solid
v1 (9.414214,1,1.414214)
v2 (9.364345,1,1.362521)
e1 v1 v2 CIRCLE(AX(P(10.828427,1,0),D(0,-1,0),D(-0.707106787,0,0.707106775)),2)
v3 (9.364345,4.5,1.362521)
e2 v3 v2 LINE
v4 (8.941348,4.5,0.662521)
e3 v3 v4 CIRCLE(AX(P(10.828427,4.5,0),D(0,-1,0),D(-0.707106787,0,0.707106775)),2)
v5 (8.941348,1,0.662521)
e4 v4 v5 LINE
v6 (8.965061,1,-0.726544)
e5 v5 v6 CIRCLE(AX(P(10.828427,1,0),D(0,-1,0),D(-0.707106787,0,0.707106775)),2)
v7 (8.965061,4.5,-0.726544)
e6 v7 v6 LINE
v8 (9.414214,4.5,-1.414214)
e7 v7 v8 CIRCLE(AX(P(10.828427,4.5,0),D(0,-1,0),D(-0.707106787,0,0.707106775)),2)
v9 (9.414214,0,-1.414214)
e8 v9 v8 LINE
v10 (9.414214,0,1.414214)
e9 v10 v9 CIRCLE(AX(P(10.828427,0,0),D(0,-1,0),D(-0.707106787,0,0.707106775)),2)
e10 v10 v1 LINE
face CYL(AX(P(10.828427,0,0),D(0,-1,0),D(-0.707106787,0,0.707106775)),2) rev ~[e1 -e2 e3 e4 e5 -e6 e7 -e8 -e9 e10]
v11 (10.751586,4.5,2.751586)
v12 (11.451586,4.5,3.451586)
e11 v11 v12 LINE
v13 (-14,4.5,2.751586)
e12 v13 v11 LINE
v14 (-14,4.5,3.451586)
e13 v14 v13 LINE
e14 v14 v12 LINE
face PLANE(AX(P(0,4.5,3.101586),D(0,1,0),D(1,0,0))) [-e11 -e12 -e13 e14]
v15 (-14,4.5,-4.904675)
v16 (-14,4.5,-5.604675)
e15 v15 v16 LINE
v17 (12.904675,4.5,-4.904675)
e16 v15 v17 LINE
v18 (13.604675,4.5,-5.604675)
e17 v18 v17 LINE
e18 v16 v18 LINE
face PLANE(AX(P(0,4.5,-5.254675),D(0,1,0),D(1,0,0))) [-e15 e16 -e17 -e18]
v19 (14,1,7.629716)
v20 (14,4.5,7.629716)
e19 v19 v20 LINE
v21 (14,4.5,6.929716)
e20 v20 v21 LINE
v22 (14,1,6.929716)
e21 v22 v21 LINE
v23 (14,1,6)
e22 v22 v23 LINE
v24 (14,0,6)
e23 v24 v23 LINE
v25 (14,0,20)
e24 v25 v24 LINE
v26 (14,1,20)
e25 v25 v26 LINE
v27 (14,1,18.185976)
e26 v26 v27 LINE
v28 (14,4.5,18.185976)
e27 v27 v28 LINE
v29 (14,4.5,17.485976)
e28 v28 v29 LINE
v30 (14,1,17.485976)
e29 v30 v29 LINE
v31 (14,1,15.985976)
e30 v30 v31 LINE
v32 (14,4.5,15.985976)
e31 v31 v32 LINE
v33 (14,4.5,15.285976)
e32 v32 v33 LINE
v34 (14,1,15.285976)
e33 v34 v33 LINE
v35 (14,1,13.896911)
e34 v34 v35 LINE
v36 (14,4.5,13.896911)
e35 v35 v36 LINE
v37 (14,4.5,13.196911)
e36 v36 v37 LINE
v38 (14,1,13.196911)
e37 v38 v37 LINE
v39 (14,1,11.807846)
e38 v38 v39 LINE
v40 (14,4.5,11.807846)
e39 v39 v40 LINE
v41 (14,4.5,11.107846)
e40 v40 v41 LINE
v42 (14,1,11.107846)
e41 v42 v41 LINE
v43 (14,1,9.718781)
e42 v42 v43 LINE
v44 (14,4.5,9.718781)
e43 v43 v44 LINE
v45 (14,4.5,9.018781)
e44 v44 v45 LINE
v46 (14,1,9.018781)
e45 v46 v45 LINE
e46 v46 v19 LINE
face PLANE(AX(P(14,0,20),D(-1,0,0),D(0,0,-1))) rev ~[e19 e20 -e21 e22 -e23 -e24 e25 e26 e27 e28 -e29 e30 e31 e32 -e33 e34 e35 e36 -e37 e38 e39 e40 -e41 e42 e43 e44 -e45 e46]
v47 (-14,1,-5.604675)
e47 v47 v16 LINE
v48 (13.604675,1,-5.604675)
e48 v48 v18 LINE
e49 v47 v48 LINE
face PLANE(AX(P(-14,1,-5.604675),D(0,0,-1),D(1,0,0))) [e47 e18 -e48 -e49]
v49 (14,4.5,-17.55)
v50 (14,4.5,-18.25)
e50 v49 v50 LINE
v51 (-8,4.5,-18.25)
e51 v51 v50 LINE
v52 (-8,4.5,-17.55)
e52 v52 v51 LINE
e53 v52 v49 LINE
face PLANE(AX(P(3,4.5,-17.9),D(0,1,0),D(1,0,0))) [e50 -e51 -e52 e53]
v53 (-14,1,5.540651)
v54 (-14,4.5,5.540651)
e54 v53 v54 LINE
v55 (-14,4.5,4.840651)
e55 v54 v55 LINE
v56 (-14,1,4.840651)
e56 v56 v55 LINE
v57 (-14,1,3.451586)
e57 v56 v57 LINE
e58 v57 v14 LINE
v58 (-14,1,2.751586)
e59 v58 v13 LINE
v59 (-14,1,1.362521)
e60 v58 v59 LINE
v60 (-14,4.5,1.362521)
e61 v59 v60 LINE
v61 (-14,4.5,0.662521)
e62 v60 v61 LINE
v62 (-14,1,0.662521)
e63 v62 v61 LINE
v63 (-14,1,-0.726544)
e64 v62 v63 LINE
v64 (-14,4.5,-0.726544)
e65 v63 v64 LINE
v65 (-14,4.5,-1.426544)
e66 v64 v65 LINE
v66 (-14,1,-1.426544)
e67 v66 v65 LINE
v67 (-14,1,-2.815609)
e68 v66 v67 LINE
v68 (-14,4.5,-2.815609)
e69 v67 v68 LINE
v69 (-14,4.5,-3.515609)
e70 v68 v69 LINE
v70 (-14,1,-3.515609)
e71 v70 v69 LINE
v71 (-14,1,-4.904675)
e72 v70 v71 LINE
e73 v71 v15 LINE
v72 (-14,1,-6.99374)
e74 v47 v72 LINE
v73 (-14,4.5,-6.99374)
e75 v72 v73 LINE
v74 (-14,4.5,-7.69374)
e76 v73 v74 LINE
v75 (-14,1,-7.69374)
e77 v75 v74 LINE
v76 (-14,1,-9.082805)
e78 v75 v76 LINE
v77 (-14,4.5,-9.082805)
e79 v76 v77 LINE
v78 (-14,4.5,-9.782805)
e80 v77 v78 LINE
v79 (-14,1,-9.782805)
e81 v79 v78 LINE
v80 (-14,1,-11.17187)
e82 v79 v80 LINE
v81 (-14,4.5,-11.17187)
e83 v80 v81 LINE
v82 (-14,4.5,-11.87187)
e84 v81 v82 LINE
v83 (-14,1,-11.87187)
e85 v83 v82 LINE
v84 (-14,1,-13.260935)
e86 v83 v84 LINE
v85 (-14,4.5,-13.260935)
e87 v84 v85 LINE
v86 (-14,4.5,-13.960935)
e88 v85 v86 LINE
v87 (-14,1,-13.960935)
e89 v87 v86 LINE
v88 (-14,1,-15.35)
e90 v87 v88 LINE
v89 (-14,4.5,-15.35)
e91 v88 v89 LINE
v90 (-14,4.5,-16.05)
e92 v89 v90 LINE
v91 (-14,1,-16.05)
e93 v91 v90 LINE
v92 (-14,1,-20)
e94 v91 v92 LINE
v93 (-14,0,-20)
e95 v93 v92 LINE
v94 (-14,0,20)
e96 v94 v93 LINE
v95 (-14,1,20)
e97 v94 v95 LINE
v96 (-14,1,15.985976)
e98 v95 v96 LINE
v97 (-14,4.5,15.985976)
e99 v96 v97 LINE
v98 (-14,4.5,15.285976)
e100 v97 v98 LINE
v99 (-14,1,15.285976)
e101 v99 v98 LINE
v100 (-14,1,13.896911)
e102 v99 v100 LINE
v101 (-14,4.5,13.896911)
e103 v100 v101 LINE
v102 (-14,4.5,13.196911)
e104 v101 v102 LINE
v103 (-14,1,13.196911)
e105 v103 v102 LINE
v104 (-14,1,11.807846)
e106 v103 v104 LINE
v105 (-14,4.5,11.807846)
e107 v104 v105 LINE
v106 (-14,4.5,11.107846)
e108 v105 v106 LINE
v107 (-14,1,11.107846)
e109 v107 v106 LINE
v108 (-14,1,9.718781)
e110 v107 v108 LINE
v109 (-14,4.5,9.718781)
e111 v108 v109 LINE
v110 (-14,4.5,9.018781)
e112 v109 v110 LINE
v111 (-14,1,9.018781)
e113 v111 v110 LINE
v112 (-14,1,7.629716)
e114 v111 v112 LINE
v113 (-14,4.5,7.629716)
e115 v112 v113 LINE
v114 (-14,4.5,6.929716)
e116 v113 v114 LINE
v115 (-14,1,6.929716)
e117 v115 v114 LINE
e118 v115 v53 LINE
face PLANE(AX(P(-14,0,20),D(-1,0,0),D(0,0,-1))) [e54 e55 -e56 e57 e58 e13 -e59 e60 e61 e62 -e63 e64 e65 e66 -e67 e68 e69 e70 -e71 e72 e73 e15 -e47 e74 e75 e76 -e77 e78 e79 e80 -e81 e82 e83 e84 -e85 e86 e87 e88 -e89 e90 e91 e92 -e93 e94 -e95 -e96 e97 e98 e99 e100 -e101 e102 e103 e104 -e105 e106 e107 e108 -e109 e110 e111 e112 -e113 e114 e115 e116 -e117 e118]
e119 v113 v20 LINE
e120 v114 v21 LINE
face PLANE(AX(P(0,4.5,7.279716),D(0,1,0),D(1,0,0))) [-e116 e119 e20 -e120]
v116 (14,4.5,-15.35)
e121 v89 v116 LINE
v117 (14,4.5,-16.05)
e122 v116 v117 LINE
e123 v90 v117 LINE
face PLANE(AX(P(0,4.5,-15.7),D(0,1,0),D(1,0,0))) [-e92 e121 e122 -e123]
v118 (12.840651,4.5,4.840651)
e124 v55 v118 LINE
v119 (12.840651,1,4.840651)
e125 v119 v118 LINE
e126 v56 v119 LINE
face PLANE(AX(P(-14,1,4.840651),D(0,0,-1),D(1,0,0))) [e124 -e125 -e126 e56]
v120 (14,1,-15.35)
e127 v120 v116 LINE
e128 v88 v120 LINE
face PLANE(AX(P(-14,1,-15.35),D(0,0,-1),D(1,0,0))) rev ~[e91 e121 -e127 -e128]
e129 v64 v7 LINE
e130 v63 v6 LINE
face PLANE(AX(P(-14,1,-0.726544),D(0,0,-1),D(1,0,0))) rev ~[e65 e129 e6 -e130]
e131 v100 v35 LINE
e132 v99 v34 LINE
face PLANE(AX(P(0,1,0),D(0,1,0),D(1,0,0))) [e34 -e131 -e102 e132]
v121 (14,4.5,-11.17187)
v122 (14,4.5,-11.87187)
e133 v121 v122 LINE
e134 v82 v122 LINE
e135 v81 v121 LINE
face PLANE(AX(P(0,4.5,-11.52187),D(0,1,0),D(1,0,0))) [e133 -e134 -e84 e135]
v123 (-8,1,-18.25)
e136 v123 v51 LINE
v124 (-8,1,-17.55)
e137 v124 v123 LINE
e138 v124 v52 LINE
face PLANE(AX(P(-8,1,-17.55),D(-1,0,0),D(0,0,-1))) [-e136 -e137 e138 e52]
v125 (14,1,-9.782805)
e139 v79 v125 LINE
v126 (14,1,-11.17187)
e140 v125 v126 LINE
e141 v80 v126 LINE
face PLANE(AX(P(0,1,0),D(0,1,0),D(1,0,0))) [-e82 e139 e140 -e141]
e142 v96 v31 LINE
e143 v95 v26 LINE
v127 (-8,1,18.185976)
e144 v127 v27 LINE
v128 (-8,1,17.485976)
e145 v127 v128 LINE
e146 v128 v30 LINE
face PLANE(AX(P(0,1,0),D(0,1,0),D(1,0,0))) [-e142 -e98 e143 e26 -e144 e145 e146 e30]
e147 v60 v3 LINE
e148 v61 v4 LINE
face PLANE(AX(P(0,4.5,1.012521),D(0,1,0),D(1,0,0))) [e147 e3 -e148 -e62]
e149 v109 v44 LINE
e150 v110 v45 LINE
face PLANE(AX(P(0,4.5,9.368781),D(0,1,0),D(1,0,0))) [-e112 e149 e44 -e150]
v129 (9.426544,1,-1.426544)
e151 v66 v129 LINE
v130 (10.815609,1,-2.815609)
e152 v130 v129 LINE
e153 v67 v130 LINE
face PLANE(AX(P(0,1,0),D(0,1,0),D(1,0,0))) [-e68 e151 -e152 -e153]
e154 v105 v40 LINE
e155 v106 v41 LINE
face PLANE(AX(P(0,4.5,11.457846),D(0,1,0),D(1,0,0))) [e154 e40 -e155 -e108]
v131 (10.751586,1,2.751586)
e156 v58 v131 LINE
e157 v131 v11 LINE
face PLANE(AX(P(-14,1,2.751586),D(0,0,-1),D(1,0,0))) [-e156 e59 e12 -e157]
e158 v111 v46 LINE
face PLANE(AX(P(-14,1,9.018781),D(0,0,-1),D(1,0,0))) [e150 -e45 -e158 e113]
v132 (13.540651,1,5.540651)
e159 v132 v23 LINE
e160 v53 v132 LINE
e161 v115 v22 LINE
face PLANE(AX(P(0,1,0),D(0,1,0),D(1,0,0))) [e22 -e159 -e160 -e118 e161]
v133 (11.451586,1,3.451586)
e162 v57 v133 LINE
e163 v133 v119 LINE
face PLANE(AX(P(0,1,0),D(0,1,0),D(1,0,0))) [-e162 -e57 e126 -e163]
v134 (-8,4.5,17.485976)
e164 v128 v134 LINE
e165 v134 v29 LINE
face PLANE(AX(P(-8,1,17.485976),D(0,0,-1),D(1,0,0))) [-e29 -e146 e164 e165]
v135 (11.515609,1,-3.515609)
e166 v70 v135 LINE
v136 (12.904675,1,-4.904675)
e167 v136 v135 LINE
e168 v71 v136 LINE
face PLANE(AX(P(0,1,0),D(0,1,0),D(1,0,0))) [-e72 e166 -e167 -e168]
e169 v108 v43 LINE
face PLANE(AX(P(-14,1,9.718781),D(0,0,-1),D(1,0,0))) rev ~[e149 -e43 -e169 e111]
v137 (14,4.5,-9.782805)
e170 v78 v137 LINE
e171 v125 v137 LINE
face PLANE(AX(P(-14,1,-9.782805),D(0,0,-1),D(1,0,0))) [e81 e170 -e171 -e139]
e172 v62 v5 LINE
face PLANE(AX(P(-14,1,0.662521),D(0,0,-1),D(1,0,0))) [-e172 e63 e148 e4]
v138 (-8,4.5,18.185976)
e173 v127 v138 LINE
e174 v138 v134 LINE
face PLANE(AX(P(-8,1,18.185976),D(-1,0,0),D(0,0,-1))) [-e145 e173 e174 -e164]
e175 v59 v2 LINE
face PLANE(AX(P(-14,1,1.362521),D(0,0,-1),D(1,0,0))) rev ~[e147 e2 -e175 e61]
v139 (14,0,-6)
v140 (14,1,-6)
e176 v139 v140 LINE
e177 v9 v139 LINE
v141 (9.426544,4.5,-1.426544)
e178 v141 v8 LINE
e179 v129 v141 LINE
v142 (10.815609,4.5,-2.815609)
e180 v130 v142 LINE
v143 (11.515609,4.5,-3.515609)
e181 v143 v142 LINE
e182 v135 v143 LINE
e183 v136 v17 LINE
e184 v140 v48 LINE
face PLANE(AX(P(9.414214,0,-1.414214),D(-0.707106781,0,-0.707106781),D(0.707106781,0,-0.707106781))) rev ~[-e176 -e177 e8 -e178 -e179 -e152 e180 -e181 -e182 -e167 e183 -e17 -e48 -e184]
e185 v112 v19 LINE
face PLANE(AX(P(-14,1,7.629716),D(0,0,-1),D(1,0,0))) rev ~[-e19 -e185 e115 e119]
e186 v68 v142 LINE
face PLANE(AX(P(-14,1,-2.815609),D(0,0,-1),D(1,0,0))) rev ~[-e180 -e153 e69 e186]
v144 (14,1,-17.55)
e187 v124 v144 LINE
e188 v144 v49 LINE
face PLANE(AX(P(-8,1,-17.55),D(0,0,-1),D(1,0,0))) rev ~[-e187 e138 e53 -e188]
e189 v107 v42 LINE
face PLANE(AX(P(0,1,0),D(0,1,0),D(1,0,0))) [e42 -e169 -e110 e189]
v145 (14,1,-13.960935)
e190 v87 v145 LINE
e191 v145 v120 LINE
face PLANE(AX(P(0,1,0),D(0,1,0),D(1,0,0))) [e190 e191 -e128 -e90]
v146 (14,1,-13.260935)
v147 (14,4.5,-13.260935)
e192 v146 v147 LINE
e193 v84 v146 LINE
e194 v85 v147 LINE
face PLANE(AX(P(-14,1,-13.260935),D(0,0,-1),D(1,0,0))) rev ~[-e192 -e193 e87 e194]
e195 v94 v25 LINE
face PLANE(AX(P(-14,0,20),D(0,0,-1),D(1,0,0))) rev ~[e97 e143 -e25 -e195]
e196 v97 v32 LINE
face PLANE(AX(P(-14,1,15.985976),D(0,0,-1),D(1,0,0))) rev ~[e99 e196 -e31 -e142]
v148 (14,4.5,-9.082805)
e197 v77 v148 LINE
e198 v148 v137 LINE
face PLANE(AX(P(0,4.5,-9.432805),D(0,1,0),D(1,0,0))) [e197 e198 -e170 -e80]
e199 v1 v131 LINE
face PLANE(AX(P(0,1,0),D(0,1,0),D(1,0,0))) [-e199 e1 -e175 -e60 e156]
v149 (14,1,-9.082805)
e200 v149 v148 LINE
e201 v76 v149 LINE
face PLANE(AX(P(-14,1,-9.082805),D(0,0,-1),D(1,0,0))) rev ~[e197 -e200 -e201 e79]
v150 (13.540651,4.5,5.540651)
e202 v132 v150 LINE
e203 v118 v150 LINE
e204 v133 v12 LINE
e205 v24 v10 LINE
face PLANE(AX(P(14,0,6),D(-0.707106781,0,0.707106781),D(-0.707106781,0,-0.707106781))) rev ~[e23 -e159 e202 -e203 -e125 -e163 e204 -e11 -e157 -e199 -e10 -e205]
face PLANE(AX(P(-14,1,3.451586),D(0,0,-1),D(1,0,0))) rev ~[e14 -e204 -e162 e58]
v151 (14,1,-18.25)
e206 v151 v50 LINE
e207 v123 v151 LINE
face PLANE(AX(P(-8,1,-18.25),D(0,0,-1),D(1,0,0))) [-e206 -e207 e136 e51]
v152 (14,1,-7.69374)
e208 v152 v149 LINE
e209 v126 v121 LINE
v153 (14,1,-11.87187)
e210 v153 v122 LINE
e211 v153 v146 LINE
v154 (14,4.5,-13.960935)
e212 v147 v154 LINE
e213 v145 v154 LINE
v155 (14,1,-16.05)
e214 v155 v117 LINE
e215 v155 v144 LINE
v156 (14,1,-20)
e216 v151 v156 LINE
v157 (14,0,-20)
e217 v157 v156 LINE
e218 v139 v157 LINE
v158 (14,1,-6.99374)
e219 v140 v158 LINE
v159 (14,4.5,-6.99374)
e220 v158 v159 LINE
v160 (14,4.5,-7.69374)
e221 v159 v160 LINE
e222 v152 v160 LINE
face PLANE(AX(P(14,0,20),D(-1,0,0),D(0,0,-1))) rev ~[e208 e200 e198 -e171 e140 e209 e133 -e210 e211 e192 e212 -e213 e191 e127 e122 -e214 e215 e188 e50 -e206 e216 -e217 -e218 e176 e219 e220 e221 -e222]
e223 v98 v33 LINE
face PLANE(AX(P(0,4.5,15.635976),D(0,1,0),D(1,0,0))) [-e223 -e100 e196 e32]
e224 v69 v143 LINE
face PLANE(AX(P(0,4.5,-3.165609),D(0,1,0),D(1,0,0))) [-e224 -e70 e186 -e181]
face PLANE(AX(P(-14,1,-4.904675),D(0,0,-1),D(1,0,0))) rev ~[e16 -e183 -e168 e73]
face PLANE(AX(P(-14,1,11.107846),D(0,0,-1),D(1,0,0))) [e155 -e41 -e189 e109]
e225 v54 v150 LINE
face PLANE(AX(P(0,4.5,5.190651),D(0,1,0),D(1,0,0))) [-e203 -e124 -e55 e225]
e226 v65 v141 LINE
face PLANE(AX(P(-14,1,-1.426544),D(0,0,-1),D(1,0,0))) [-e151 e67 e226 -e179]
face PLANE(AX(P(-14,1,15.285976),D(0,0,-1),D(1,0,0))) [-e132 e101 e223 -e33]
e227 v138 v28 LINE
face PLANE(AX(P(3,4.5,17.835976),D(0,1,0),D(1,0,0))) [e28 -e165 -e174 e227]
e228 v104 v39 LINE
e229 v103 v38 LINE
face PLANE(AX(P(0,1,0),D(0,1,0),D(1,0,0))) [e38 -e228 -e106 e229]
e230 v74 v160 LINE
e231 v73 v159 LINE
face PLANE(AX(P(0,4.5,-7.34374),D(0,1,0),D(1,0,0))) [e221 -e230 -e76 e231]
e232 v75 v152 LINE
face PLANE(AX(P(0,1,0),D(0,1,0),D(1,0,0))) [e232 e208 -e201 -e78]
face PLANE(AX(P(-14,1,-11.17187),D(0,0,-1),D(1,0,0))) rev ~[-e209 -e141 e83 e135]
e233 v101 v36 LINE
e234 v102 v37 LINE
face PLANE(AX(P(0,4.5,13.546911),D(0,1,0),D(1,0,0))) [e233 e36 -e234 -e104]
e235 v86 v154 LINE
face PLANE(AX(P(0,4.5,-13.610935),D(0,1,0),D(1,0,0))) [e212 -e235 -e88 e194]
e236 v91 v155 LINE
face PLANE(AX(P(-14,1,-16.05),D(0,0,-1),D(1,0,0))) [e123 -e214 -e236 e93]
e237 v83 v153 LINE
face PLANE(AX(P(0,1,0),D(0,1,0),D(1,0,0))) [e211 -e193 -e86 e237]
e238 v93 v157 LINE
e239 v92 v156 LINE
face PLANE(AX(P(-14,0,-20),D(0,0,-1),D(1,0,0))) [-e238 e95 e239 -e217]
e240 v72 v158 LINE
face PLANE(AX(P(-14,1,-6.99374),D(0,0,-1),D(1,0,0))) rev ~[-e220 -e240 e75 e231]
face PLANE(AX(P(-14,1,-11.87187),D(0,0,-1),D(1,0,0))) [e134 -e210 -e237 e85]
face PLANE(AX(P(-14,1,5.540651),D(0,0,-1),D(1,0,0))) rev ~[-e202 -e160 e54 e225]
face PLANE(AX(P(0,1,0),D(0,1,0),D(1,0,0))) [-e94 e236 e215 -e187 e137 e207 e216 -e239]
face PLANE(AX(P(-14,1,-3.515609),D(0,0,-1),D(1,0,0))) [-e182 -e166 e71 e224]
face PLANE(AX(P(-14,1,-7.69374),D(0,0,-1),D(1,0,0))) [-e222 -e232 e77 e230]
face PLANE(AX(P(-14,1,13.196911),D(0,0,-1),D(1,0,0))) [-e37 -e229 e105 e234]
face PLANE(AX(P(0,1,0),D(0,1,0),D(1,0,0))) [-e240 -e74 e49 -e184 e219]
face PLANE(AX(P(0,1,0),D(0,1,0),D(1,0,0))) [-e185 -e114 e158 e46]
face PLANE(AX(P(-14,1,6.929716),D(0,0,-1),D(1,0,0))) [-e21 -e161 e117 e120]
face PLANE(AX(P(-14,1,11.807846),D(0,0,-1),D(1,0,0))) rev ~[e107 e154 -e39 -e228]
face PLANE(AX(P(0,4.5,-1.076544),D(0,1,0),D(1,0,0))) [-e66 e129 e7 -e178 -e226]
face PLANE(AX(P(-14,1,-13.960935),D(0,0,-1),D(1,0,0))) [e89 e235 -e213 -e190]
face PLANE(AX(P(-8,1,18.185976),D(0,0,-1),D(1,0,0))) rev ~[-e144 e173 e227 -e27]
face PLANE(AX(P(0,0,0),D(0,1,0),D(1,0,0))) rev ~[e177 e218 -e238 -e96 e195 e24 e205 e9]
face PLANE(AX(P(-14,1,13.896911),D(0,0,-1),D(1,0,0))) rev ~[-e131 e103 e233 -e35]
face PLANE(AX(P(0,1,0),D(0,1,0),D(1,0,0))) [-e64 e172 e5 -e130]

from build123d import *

# Parameters (mm, degrees)
SKETCH_1_W          = 28
SKETCH_1_H          = 40
EXTRUDE_1_DEPTH     = 1
SKETCH_2_W          = 28
SKETCH_2_H          = 0.7
SKETCH_2_W_2        = 22
EXTRUDE_2_DEPTH     = 3.5
CUT_EXTRUDE_1_DEPTH = 25.824383175


with BuildPart() as part:
    # 草图1 → 凸台-拉伸1 (new body)
    with BuildSketch(Plane(origin=(0, 0, 0), x_dir=(1, 0, 0), z_dir=(0, 1, 0))):
        Rectangle(SKETCH_1_W, SKETCH_1_H)
    extrude(amount=EXTRUDE_1_DEPTH)

    # 草图2 → 凸台-拉伸2 (add)
    with BuildSketch(Plane(origin=(0, 1, 0), x_dir=(1, 0, 0), z_dir=(0, 1, 0))):
        with Locations((0, 15.7)):
            Rectangle(SKETCH_2_W, SKETCH_2_H)
        with Locations((0, 13.610934911)):
            Rectangle(SKETCH_2_W, SKETCH_2_H)
        with Locations((0, 11.521869822)):
            Rectangle(SKETCH_2_W, SKETCH_2_H)
        with Locations((0, 9.432804734)):
            Rectangle(SKETCH_2_W, SKETCH_2_H)
        with Locations((0, 7.343739645)):
            Rectangle(SKETCH_2_W, SKETCH_2_H)
        with Locations((0, 5.254674556)):
            Rectangle(SKETCH_2_W, SKETCH_2_H)
        with Locations((0, 3.165609467)):
            Rectangle(SKETCH_2_W, SKETCH_2_H)
        with Locations((0, 1.076544379)):
            Rectangle(SKETCH_2_W, SKETCH_2_H)
        with Locations((0, -1.01252071)):
            Rectangle(SKETCH_2_W, SKETCH_2_H)
        with Locations((0, -3.101585799)):
            Rectangle(SKETCH_2_W, SKETCH_2_H)
        with Locations((0, -5.190650888)):
            Rectangle(SKETCH_2_W, SKETCH_2_H)
        with Locations((0, -7.279715977)):
            Rectangle(SKETCH_2_W, SKETCH_2_H)
        with Locations((0, -9.368781065)):
            Rectangle(SKETCH_2_W, SKETCH_2_H)
        with Locations((0, -11.457846154)):
            Rectangle(SKETCH_2_W, SKETCH_2_H)
        with Locations((0, -13.546911243)):
            Rectangle(SKETCH_2_W, SKETCH_2_H)
        with Locations((0, -15.635976332)):
            Rectangle(SKETCH_2_W, SKETCH_2_H)
        with Locations((3, 17.9)):
            Rectangle(SKETCH_2_W_2, SKETCH_2_H)
        with Locations((3, -17.835976332)):
            Rectangle(SKETCH_2_W_2, SKETCH_2_H)
    extrude(amount=EXTRUDE_2_DEPTH)

    # 草图4 → 切除-拉伸1 (cut, through all)
    with BuildSketch(Plane.XZ):
        with BuildLine():
            Line((9.414213562, -1.414213562), (14, -6))
            Line((14, -6), (14, 6))
            Line((14, 6), (9.414213551, 1.414213551))
            ThreePointArc((9.414213551, 1.414213551), (8.828427125, -8e-09), (9.414213562, -1.414213562))
        make_face()
    extrude(amount=-CUT_EXTRUDE_1_DEPTH, mode=Mode.SUBTRACT)


solid = part.part
